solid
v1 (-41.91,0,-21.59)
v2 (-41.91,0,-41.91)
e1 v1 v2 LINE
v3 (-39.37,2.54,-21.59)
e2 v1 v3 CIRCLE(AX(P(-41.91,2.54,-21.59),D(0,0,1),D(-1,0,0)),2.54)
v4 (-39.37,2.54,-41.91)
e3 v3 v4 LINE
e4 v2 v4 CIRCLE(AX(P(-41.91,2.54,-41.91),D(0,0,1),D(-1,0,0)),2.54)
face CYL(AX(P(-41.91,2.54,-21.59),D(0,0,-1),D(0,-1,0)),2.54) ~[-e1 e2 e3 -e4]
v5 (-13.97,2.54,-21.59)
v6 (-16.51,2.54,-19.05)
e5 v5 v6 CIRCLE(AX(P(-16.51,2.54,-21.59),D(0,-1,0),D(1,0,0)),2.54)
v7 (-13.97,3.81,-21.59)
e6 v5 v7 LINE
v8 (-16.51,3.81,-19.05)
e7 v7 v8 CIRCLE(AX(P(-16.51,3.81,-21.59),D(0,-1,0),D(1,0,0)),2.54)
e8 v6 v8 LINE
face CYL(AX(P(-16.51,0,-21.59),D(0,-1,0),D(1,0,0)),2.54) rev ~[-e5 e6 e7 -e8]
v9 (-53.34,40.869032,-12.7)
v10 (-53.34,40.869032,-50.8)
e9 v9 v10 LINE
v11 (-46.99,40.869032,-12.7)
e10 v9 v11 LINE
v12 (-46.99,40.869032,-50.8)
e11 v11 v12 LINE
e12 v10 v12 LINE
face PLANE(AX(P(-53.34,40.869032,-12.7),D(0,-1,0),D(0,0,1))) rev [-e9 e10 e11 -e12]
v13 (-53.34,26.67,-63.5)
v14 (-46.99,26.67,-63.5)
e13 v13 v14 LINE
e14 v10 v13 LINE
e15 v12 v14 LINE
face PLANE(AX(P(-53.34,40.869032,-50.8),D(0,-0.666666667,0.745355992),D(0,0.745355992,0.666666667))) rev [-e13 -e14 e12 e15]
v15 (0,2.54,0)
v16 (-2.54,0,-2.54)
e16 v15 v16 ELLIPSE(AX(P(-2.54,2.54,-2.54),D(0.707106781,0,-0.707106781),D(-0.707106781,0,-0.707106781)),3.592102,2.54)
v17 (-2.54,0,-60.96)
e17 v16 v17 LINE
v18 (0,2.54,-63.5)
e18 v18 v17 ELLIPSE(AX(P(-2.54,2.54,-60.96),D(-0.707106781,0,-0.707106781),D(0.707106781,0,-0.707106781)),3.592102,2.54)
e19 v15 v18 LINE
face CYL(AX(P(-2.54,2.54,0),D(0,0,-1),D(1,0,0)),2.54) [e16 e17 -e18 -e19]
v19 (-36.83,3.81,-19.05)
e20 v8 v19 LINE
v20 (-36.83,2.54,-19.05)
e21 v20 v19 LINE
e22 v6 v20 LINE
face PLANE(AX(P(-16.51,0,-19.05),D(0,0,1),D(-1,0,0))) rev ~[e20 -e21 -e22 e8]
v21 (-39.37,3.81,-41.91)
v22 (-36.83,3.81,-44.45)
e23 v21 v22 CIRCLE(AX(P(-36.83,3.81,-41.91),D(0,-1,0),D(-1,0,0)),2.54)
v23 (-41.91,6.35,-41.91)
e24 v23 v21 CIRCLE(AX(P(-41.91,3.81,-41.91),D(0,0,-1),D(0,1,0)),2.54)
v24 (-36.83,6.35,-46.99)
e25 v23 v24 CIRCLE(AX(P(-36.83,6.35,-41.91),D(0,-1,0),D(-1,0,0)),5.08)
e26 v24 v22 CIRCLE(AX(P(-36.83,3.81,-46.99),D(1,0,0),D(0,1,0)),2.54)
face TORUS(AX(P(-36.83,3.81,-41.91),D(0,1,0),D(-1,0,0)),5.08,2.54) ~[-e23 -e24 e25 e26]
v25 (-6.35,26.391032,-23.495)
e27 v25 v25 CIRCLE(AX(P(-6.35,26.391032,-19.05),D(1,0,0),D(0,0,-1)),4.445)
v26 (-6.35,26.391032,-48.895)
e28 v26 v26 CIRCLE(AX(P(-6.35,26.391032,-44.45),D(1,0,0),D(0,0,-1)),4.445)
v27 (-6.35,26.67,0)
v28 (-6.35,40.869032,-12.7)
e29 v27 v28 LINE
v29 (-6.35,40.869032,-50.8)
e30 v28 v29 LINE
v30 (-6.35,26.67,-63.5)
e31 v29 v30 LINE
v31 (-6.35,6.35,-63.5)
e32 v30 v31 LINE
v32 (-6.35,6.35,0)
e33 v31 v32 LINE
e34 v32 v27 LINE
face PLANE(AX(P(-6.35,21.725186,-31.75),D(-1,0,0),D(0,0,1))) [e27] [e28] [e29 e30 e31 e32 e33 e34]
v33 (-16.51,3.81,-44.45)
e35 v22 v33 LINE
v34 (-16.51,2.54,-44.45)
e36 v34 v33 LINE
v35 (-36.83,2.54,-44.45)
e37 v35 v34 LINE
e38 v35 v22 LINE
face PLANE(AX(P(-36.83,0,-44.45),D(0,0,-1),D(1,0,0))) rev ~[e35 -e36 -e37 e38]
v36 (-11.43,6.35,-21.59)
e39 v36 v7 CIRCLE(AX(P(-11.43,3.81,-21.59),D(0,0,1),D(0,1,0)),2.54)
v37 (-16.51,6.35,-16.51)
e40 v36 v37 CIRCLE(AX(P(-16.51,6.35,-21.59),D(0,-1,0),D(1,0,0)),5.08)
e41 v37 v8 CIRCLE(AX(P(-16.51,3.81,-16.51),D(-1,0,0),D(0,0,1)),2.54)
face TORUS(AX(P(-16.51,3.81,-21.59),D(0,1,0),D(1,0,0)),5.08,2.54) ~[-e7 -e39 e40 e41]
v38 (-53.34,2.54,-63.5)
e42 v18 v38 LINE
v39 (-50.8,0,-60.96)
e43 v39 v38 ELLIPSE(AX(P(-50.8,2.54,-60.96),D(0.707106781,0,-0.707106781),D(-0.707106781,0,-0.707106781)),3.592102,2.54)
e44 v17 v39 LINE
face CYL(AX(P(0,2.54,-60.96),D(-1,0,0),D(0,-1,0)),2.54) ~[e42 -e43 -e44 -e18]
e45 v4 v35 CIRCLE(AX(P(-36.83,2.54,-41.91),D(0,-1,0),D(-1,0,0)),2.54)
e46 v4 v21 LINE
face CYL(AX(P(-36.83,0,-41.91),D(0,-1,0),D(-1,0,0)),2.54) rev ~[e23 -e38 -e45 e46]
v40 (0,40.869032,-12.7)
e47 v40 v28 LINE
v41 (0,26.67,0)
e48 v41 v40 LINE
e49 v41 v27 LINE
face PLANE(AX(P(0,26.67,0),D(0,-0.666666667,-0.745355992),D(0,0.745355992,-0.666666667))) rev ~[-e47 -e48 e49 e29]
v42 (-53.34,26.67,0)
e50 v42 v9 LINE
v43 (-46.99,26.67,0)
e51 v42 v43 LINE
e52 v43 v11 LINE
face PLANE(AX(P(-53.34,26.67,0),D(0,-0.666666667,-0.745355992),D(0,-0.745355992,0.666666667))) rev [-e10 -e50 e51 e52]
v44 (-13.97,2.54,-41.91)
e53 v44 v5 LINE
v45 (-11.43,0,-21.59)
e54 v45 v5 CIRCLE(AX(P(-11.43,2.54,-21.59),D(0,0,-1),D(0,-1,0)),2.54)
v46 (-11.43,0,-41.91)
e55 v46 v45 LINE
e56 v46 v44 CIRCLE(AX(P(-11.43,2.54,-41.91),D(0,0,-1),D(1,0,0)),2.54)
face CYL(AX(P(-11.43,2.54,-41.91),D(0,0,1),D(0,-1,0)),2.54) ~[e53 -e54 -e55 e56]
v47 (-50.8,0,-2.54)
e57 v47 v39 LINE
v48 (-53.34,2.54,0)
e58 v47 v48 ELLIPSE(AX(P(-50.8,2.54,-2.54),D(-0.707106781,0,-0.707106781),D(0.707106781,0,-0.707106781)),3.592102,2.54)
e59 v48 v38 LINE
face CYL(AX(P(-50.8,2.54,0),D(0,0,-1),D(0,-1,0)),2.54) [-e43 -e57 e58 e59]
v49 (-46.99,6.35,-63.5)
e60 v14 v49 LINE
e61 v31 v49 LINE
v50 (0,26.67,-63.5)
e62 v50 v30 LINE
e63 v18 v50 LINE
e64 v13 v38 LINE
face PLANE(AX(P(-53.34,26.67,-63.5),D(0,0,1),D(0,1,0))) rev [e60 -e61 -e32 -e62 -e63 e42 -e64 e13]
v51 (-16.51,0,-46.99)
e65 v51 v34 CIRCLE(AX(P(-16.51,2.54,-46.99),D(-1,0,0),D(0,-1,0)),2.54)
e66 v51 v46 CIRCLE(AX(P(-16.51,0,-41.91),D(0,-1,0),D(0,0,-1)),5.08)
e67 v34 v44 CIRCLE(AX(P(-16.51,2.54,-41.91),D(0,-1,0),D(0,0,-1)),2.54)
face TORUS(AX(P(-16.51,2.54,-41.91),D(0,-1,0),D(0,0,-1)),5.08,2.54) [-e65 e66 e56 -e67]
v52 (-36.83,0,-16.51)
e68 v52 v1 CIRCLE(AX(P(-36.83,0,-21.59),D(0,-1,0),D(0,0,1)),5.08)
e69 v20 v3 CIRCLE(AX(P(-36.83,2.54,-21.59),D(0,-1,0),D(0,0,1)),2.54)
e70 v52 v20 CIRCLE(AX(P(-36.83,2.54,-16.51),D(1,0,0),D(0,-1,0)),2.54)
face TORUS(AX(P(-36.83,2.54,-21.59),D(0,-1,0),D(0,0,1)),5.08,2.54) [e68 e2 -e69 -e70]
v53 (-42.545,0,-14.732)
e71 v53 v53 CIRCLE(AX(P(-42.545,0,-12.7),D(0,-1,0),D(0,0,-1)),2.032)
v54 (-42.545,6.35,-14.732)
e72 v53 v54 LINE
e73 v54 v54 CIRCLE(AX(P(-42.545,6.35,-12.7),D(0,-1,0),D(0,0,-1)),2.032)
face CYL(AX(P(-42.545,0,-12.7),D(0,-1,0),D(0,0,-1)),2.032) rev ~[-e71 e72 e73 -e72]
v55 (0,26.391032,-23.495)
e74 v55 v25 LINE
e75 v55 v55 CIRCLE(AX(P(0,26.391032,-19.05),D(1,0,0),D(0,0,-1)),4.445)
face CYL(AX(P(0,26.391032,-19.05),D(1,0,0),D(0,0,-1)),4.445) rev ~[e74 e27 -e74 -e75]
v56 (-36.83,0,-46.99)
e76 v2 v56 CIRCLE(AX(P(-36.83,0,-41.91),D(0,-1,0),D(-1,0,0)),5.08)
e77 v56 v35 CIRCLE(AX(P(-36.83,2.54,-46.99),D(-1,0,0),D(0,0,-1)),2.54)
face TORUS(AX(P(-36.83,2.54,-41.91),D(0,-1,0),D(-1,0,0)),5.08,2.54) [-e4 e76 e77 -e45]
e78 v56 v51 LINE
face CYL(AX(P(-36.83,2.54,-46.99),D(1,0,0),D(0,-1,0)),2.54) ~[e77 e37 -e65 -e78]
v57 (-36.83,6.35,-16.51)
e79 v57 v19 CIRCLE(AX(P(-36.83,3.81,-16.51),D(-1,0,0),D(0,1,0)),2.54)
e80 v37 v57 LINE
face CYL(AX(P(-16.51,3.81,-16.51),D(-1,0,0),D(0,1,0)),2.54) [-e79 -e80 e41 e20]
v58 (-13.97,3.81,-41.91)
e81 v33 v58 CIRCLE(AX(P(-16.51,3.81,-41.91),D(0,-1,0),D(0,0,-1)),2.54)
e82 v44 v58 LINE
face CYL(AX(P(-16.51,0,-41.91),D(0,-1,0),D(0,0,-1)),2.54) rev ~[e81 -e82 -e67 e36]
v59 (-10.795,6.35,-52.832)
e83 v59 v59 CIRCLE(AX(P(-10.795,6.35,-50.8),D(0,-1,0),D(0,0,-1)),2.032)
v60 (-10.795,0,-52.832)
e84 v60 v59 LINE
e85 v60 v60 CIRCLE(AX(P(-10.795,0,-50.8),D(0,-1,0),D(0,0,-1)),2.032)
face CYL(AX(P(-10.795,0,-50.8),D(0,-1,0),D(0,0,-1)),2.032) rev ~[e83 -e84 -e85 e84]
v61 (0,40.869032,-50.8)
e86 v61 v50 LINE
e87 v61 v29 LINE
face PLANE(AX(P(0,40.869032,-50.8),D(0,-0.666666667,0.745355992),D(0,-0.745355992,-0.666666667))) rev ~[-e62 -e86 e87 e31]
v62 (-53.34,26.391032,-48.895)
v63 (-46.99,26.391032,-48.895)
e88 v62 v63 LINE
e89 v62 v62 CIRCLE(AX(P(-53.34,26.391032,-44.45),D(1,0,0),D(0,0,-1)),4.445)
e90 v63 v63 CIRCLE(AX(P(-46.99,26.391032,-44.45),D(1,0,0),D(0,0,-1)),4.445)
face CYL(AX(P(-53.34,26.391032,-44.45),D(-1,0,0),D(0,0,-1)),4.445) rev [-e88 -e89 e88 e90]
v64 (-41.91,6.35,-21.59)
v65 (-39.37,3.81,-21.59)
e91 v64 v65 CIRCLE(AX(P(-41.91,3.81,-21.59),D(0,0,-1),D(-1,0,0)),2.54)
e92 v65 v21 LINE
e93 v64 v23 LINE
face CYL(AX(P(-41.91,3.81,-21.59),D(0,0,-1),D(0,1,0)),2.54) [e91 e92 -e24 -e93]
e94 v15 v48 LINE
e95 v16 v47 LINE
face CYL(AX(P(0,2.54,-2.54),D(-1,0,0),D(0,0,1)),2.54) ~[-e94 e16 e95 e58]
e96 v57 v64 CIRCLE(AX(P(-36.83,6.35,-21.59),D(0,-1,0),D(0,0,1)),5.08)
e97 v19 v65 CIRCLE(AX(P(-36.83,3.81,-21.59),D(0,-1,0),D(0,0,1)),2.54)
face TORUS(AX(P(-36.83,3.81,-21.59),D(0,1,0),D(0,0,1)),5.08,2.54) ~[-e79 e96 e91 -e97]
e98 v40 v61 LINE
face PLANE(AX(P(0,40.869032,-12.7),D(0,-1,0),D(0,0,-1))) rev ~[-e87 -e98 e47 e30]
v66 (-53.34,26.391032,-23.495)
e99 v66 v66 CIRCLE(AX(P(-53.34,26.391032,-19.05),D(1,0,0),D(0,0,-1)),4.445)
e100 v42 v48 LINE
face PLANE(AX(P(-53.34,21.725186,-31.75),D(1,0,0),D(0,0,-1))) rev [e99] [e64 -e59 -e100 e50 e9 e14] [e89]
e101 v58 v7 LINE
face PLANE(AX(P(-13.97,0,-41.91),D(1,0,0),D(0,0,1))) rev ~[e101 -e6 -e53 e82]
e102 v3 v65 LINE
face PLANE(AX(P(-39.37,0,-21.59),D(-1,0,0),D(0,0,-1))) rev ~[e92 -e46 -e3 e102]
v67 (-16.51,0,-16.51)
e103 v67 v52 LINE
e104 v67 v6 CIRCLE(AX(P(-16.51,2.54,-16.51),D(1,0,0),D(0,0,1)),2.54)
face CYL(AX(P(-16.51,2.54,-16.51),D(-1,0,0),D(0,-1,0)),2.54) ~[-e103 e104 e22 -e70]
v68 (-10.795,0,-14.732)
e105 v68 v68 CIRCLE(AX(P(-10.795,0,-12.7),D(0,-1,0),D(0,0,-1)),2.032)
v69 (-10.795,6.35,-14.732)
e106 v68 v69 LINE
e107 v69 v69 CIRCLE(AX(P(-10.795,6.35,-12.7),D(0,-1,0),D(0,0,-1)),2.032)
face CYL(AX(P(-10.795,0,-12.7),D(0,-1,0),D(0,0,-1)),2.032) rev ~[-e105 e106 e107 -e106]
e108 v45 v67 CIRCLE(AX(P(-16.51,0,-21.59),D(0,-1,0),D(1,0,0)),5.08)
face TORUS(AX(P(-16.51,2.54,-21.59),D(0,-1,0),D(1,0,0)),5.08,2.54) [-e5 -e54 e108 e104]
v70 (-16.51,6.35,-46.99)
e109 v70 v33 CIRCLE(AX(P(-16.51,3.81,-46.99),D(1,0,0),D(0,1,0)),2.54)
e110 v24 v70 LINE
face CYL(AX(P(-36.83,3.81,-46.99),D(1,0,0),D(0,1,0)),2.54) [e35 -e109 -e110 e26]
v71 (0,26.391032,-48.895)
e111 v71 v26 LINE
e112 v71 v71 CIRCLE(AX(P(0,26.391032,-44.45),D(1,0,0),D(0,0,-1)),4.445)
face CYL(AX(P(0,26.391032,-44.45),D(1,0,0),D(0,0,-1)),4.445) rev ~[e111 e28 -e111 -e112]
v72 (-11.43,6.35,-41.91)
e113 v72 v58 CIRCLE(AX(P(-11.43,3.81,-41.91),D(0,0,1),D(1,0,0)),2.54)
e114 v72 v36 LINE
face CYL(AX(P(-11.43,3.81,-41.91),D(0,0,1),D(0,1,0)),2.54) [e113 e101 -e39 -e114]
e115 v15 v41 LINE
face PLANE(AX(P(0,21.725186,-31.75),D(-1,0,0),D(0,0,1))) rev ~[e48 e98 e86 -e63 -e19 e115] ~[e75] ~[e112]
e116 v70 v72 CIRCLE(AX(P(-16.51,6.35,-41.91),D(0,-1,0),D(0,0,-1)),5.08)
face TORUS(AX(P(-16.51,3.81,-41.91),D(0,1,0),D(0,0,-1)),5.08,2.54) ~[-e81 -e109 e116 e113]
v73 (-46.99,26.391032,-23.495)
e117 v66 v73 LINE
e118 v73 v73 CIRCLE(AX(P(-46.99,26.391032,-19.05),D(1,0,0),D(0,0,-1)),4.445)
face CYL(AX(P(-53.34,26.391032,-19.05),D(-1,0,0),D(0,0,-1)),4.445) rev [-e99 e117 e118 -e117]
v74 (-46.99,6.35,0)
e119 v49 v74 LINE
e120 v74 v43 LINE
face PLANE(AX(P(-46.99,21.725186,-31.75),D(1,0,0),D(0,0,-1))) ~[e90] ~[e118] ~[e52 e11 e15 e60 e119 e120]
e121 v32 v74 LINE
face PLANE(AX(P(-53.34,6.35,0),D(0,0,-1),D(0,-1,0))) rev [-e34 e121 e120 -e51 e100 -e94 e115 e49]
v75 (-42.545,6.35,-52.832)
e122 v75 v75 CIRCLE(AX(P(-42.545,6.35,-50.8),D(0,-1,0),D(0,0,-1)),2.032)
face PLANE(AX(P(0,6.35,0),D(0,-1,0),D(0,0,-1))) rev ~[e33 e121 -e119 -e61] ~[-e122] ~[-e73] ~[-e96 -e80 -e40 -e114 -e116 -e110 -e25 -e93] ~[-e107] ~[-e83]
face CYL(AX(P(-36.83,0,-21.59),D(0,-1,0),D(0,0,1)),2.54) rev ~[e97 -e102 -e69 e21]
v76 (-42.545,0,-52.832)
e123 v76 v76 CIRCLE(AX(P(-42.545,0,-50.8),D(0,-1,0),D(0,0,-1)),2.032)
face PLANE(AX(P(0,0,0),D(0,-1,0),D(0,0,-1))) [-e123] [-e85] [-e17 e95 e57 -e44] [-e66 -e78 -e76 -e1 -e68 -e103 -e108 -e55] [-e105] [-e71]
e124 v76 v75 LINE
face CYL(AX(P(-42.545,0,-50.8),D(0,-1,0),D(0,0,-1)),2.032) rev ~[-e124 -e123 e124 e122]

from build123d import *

# Parameters (mm, degrees)
SKETCH1_W           = 63.5
SKETCH1_H           = 6.35
BOSS_EXTRUDE1_DEPTH = 53.34
BOSS_EXTRUDE2_DEPTH = 6.35
CUT_EXTRUDE1_REACH  = 94.454
SKETCH11_R          = 4.445
FILLET1_R           = 2.54
CUT_EXTRUDE2_REACH  = 94.454
SKETCH19_R          = 2.032
CUT_EXTRUDE3_DEPTH  = 6.35
FILLET2_R           = 2.54


with BuildPart() as part:
    # Sketch1 → Boss-Extrude1 (new body)
    with BuildSketch(Plane(origin=(0, 0, 0), x_dir=(0, 0, -1), z_dir=(1, 0, 0))):
        with Locations((31.75, 3.175)):
            Rectangle(SKETCH1_W, SKETCH1_H)
    extrude(amount=-BOSS_EXTRUDE1_DEPTH)

    # Sketch2 → Boss-Extrude2 (add)
    with BuildSketch(Plane(origin=(0, 0, 0), x_dir=(0, 0, -1), z_dir=(1, 0, 0))):
        Polygon((0, 6.35), (0, 26.67), (12.7, 40.869031657), (50.8, 40.869031657), (63.5, 26.67), (63.5, 6.35), align=None)
    boss_extrude2 = extrude(amount=-BOSS_EXTRUDE2_DEPTH)

    # Sketch11 → Cut-Extrude1 (cut, up to next)
    with BuildSketch(Plane(origin=(0, 0, 0), x_dir=(0, 0, -1), z_dir=(1, 0, 0)), mode=Mode.PRIVATE) as cut_extrude1_sk1:
        with Locations((19.05, 26.391031657)):
            Circle(SKETCH11_R)
    cut_extrude1_tool1 = extrude(cut_extrude1_sk1.sketch, amount=-CUT_EXTRUDE1_REACH, mode=Mode.PRIVATE) & part.part
    # Sketch11 → Cut-Extrude1 (cut, up to next)
    with BuildSketch(Plane(origin=(0, 0, 0), x_dir=(0, 0, -1), z_dir=(1, 0, 0)), mode=Mode.PRIVATE) as cut_extrude1_sk2:
        with Locations((44.45, 26.391031657)):
            Circle(SKETCH11_R)
    cut_extrude1_tool2 = extrude(cut_extrude1_sk2.sketch, amount=-CUT_EXTRUDE1_REACH, mode=Mode.PRIVATE) & part.part
    cut_extrude1_1 = cut_extrude1_tool1.solids().sort_by_distance((0, 26.391032, -19.05))[0]
    add(cut_extrude1_1, mode=Mode.SUBTRACT)
    cut_extrude1_2 = cut_extrude1_tool2.solids().sort_by_distance((0, 26.391032, -44.45))[0]
    add(cut_extrude1_2, mode=Mode.SUBTRACT)
    cut_extrude1 = cut_extrude1_1 + cut_extrude1_2  # Cut-Extrude1 as one shape, for the pattern or mirror that repeats it

    # Fillet1
    fillet1_edges = [part.edges().sort_by_distance(p)[0] for p in [
        (0, 0, -31.75),
        (-53.34, 0, -31.75),
        (-26.67, 0, -63.5),
        (-26.67, 0, 0),
    ]]
    fillet(fillet1_edges, radius=FILLET1_R)

    # Sketch19 → Cut-Extrude2 (cut, up to next)
    with BuildSketch(Plane.XZ, mode=Mode.PRIVATE) as cut_extrude2_sk1:
        with Locations(Location((-10.795, -50.8, 0), (0, 0, 270))):
            Circle(SKETCH19_R)
    cut_extrude2_tool1 = extrude(cut_extrude2_sk1.sketch, amount=-CUT_EXTRUDE2_REACH, mode=Mode.PRIVATE) & part.part
    # Sketch19 → Cut-Extrude2 (cut, up to next)
    with BuildSketch(Plane.XZ, mode=Mode.PRIVATE) as cut_extrude2_sk2:
        with Locations(Location((-42.545, -50.8, 0), (0, 0, 270))):
            Circle(SKETCH19_R)
    cut_extrude2_tool2 = extrude(cut_extrude2_sk2.sketch, amount=-CUT_EXTRUDE2_REACH, mode=Mode.PRIVATE) & part.part
    # Sketch19 → Cut-Extrude2 (cut, up to next)
    with BuildSketch(Plane.XZ, mode=Mode.PRIVATE) as cut_extrude2_sk3:
        with Locations(Location((-42.545, -12.7, 0), (0, 0, 270))):
            Circle(SKETCH19_R)
    cut_extrude2_tool3 = extrude(cut_extrude2_sk3.sketch, amount=-CUT_EXTRUDE2_REACH, mode=Mode.PRIVATE) & part.part
    # Sketch19 → Cut-Extrude2 (cut, up to next)
    with BuildSketch(Plane.XZ, mode=Mode.PRIVATE) as cut_extrude2_sk4:
        with Locations(Location((-10.795, -12.7, 0), (0, 0, 270))):
            Circle(SKETCH19_R)
    cut_extrude2_tool4 = extrude(cut_extrude2_sk4.sketch, amount=-CUT_EXTRUDE2_REACH, mode=Mode.PRIVATE) & part.part
    add(cut_extrude2_tool1.solids().sort_by_distance((-10.795, 0, -50.8))[0], mode=Mode.SUBTRACT)
    add(cut_extrude2_tool2.solids().sort_by_distance((-42.545, 0, -50.8))[0], mode=Mode.SUBTRACT)
    add(cut_extrude2_tool3.solids().sort_by_distance((-42.545, 0, -12.7))[0], mode=Mode.SUBTRACT)
    add(cut_extrude2_tool4.solids().sort_by_distance((-10.795, 0, -12.7))[0], mode=Mode.SUBTRACT)

    # Mirror1: Boss-Extrude2, Cut-Extrude1 across plane
    add(boss_extrude2.mirror(Plane(origin=(-26.67, 0, 0), x_dir=(0, 0, 1), z_dir=(1, 0, 0))))
    add(cut_extrude1.mirror(Plane(origin=(-26.67, 0, 0), x_dir=(0, 0, 1), z_dir=(1, 0, 0))), mode=Mode.SUBTRACT)

    # Sketch20 → Cut-Extrude3 (cut)
    with BuildSketch(Plane.XZ):
        with BuildLine():
            Line((-16.51, -19.05), (-36.83, -19.05))
            ThreePointArc((-36.83, -19.05), (-38.626051224, -19.793948776), (-39.37, -21.59))
            Line((-39.37, -21.59), (-39.37, -41.91))
            ThreePointArc((-39.37, -41.91), (-38.626051224, -43.706051224), (-36.83, -44.45))
            Line((-36.83, -44.45), (-16.51, -44.45))
            ThreePointArc((-16.51, -44.45), (-14.713948776, -43.706051224), (-13.97, -41.91))
            Line((-13.97, -41.91), (-13.97, -21.59))
            ThreePointArc((-13.97, -21.59), (-14.713948776, -19.793948776), (-16.51, -19.05))
        make_face()
    extrude(amount=-CUT_EXTRUDE3_DEPTH, mode=Mode.SUBTRACT)

    # Fillet2
    fillet2_edges = [part.edges().sort_by_distance(p)[0] for p in [
        (-38.626051224, 0, -43.706051224),
        (-26.67, 0, -44.45),
        (-14.713948776, 0, -43.706051224),
        (-13.97, 0, -31.75),
        (-14.713948776, 0, -19.793948776),
        (-26.67, 0, -19.05),
        (-38.626051224, 0, -19.793948776),
        (-39.37, 0, -31.75),
        (-26.67, 6.35, -44.45),
        (-14.713948776, 6.35, -43.706051224),
        (-13.97, 6.35, -31.75),
        (-14.713948776, 6.35, -19.793948776),
        (-26.67, 6.35, -19.05),
        (-38.626051224, 6.35, -19.793948776),
        (-39.37, 6.35, -31.75),
        (-38.626051224, 6.35, -43.706051224),
    ]]
    fillet(fillet2_edges, radius=FILLET2_R)


solid = part.part
